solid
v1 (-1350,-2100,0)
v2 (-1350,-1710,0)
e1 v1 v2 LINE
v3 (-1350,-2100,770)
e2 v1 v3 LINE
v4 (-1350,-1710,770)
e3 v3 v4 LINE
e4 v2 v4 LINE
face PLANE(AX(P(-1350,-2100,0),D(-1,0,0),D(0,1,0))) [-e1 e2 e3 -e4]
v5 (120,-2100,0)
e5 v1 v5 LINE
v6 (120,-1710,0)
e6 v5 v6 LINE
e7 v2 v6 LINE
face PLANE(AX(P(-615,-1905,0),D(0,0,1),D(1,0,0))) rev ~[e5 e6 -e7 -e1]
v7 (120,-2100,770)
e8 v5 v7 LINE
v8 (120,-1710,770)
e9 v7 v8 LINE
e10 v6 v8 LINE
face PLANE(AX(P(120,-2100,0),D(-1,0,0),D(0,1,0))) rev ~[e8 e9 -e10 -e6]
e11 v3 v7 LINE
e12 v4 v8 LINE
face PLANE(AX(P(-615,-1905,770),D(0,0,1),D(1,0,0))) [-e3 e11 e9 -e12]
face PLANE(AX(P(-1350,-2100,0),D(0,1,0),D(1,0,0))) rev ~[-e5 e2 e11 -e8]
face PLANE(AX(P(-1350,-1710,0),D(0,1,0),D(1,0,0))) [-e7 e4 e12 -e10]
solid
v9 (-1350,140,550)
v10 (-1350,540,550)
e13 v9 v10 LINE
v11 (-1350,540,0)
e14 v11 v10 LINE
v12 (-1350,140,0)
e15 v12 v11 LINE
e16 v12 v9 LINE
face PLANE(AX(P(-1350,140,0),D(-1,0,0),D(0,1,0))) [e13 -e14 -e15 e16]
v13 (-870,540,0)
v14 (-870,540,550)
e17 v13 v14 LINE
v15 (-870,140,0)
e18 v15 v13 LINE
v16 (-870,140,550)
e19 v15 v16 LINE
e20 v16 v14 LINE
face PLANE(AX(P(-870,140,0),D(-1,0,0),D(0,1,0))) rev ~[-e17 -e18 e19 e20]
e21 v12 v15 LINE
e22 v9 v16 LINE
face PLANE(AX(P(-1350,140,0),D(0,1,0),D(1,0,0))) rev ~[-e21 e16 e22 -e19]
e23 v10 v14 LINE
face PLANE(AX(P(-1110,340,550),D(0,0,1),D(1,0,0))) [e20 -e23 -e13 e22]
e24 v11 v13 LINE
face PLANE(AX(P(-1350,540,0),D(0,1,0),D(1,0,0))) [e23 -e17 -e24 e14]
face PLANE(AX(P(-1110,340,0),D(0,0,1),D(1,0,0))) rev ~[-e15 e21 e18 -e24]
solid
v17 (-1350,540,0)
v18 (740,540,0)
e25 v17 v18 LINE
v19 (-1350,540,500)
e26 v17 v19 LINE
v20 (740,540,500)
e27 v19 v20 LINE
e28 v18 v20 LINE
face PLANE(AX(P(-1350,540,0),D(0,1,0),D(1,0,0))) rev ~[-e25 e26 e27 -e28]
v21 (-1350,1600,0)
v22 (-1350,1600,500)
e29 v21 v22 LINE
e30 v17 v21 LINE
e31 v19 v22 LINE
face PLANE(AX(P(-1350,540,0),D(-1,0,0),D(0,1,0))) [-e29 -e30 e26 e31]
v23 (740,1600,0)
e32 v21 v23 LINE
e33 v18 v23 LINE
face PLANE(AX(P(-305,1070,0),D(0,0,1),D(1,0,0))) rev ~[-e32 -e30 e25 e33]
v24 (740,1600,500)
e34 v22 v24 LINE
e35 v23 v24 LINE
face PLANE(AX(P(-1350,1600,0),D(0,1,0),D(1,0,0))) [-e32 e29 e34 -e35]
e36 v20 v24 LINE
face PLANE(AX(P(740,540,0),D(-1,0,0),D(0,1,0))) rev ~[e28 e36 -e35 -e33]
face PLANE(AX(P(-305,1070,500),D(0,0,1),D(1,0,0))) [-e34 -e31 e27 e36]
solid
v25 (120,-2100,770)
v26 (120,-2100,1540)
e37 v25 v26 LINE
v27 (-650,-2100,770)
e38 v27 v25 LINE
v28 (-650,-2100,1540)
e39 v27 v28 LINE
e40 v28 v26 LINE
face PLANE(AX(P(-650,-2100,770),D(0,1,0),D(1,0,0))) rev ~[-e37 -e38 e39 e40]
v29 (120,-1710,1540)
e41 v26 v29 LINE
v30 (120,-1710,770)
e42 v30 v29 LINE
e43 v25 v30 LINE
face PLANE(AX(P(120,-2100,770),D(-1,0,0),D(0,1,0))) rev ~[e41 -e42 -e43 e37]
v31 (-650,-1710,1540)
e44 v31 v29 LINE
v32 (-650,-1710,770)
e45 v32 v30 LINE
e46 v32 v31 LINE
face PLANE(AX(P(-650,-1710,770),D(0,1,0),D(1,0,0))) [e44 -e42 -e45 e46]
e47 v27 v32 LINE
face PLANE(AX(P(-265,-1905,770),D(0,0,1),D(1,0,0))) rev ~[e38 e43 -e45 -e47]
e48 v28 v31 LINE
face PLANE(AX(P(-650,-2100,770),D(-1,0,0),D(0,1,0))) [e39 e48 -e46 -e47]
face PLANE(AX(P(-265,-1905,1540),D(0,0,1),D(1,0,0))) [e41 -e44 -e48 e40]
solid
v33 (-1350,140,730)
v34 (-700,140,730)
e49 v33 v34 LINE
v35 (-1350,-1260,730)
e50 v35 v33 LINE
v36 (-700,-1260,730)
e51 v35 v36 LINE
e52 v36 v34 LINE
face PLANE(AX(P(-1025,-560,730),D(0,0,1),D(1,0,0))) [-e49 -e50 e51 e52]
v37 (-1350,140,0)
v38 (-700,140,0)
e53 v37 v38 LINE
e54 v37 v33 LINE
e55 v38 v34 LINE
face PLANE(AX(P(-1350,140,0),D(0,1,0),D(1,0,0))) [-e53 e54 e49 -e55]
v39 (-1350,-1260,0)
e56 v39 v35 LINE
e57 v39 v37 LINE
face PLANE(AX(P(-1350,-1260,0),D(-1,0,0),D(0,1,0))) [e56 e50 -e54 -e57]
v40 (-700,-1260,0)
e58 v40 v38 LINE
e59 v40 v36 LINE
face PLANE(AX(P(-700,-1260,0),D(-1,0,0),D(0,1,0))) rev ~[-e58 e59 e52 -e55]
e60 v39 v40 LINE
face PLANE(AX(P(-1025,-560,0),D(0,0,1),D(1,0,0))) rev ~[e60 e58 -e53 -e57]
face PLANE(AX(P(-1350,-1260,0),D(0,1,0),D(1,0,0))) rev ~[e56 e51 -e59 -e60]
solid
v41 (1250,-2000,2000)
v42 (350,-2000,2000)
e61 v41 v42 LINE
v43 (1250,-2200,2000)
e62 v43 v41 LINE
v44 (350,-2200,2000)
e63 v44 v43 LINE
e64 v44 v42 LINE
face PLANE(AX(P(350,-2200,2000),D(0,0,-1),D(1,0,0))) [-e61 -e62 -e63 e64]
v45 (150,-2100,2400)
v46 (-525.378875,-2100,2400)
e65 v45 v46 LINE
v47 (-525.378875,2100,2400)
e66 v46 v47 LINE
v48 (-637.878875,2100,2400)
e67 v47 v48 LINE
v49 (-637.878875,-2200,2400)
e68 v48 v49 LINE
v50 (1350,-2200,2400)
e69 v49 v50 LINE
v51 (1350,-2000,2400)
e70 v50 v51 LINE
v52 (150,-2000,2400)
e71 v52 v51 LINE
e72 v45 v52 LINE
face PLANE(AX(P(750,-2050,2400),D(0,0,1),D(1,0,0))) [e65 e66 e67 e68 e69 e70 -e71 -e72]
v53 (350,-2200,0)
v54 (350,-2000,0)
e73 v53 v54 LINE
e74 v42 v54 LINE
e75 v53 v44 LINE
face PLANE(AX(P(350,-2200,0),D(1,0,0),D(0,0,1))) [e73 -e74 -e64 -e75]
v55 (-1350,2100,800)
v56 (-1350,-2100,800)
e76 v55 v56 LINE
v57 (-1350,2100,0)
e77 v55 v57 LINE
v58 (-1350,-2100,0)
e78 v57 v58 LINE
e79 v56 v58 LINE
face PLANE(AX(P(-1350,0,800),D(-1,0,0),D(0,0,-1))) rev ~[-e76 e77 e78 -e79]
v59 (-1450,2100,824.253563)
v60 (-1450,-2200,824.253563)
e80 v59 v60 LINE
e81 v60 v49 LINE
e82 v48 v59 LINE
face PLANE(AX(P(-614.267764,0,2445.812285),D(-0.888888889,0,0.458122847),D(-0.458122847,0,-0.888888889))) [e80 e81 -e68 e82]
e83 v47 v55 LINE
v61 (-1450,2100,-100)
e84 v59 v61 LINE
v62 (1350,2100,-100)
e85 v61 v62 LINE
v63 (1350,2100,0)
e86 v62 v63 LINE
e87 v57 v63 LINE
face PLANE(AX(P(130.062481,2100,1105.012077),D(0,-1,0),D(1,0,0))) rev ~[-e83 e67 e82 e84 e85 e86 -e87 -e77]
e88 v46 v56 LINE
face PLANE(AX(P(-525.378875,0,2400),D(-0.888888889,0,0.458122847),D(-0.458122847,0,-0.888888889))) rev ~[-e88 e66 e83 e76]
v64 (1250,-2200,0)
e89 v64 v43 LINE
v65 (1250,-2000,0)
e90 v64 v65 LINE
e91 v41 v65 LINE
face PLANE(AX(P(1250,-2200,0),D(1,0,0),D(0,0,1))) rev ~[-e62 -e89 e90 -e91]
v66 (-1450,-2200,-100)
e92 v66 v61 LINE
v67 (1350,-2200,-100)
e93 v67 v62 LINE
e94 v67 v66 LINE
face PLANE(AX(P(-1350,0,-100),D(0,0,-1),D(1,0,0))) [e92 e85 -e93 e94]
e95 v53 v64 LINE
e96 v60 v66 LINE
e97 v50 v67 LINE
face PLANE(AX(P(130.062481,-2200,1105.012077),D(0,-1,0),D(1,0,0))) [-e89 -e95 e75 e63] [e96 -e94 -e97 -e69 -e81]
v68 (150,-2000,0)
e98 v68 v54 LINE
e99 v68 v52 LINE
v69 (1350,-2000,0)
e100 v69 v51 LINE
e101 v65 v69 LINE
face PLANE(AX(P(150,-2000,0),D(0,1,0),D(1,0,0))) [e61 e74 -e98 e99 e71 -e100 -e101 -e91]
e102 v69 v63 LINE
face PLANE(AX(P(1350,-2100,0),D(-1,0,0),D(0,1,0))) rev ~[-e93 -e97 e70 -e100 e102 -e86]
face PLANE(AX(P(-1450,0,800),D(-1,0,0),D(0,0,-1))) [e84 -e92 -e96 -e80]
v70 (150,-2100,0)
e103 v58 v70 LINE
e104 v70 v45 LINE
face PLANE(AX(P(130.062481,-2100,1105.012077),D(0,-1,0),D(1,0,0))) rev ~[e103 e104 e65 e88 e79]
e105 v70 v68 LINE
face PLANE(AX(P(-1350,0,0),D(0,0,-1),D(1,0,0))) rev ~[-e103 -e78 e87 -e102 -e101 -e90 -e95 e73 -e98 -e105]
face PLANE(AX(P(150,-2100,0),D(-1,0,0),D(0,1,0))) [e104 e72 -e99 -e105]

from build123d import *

# Parameters (mm, degrees)
F1_DEPTH  = 2100
F2_T      = 100
F3_W      = 2090
F3_H      = 1060
F4_DEPTH  = 500
F5_W      = 1200
F5_H      = 100
F6_DEPTH  = 2400
F7_W      = 900
F7_H      = 2000
F8_DEPTH  = 1000
F9_W      = 1470
F9_H      = 390
F10_DEPTH = 770
F11_W     = 770
F11_H     = 390
F12_DEPTH = 770
F13_W     = 480
F13_H     = 400
F14_DEPTH = 550
F15_W     = 650
F15_H     = 1400
F16_DEPTH = 730


with BuildPart() as f1:
    # F0 (on Front) → F1 (new body, symmetric)
    with BuildSketch(Plane.XZ):
        Polygon((-525.3788748765, 2400), (-1350, 800), (-1350, 0), (1350, 0), (1350, 2400), align=None)
    extrude(amount=F1_DEPTH, both=True)

    # F2
    f2_openings = [f1.faces().sort_by_distance(p)[0] for p in [
        (121.8592, 2100, 1124.43728),
        (412.310563, 0, 2400),
        (1350, 0, 1200),
    ]]
    offset(amount=F2_T, openings=f2_openings, kind=Kind.INTERSECTION)

    # F5 (on face) → F6 (join, through all)
    with BuildSketch(Plane.XY):
        with Locations((750, -2050)):
            Rectangle(F5_W, F5_H)
    extrude(amount=F6_DEPTH)

    # F7 (on face) → F8 (cut)
    with BuildSketch(Plane.XZ.offset(2200)):
        with Locations((800, 1000)):
            Rectangle(F7_W, F7_H)
    extrude(amount=-F8_DEPTH, mode=Mode.SUBTRACT)


with BuildPart() as f4:
    # F3 (on face) → F4 (new body)
    with BuildSketch(Plane.XY):
        with Locations((-305, 1070)):
            Rectangle(F3_W, F3_H)
    extrude(amount=F4_DEPTH)


with BuildPart() as f10:
    # F9 (on face) → F10 (new body)
    with BuildSketch(Plane.XY):
        with Locations((-615, -1905)):
            Rectangle(F9_W, F9_H)
    extrude(amount=F10_DEPTH)


with BuildPart() as f12:
    # F11 (on face) → F12 (new body)
    with BuildSketch(Plane.XY.offset(770)):
        with Locations((-265, -1905)):
            Rectangle(F11_W, F11_H)
    extrude(amount=F12_DEPTH)


with BuildPart() as f14:
    # F13 (on face) → F14 (new body)
    with BuildSketch(Plane.XY):
        with Locations((-1110, 340)):
            Rectangle(F13_W, F13_H)
    extrude(amount=F14_DEPTH)


with BuildPart() as f16:
    # F15 (on face) → F16 (new body)
    with BuildSketch(Plane.XY):
        with Locations((-1025, -560)):
            Rectangle(F15_W, F15_H)
    extrude(amount=F16_DEPTH)


solid = Compound([f1.part, f4.part, f10.part, f12.part, f14.part, f16.part])
